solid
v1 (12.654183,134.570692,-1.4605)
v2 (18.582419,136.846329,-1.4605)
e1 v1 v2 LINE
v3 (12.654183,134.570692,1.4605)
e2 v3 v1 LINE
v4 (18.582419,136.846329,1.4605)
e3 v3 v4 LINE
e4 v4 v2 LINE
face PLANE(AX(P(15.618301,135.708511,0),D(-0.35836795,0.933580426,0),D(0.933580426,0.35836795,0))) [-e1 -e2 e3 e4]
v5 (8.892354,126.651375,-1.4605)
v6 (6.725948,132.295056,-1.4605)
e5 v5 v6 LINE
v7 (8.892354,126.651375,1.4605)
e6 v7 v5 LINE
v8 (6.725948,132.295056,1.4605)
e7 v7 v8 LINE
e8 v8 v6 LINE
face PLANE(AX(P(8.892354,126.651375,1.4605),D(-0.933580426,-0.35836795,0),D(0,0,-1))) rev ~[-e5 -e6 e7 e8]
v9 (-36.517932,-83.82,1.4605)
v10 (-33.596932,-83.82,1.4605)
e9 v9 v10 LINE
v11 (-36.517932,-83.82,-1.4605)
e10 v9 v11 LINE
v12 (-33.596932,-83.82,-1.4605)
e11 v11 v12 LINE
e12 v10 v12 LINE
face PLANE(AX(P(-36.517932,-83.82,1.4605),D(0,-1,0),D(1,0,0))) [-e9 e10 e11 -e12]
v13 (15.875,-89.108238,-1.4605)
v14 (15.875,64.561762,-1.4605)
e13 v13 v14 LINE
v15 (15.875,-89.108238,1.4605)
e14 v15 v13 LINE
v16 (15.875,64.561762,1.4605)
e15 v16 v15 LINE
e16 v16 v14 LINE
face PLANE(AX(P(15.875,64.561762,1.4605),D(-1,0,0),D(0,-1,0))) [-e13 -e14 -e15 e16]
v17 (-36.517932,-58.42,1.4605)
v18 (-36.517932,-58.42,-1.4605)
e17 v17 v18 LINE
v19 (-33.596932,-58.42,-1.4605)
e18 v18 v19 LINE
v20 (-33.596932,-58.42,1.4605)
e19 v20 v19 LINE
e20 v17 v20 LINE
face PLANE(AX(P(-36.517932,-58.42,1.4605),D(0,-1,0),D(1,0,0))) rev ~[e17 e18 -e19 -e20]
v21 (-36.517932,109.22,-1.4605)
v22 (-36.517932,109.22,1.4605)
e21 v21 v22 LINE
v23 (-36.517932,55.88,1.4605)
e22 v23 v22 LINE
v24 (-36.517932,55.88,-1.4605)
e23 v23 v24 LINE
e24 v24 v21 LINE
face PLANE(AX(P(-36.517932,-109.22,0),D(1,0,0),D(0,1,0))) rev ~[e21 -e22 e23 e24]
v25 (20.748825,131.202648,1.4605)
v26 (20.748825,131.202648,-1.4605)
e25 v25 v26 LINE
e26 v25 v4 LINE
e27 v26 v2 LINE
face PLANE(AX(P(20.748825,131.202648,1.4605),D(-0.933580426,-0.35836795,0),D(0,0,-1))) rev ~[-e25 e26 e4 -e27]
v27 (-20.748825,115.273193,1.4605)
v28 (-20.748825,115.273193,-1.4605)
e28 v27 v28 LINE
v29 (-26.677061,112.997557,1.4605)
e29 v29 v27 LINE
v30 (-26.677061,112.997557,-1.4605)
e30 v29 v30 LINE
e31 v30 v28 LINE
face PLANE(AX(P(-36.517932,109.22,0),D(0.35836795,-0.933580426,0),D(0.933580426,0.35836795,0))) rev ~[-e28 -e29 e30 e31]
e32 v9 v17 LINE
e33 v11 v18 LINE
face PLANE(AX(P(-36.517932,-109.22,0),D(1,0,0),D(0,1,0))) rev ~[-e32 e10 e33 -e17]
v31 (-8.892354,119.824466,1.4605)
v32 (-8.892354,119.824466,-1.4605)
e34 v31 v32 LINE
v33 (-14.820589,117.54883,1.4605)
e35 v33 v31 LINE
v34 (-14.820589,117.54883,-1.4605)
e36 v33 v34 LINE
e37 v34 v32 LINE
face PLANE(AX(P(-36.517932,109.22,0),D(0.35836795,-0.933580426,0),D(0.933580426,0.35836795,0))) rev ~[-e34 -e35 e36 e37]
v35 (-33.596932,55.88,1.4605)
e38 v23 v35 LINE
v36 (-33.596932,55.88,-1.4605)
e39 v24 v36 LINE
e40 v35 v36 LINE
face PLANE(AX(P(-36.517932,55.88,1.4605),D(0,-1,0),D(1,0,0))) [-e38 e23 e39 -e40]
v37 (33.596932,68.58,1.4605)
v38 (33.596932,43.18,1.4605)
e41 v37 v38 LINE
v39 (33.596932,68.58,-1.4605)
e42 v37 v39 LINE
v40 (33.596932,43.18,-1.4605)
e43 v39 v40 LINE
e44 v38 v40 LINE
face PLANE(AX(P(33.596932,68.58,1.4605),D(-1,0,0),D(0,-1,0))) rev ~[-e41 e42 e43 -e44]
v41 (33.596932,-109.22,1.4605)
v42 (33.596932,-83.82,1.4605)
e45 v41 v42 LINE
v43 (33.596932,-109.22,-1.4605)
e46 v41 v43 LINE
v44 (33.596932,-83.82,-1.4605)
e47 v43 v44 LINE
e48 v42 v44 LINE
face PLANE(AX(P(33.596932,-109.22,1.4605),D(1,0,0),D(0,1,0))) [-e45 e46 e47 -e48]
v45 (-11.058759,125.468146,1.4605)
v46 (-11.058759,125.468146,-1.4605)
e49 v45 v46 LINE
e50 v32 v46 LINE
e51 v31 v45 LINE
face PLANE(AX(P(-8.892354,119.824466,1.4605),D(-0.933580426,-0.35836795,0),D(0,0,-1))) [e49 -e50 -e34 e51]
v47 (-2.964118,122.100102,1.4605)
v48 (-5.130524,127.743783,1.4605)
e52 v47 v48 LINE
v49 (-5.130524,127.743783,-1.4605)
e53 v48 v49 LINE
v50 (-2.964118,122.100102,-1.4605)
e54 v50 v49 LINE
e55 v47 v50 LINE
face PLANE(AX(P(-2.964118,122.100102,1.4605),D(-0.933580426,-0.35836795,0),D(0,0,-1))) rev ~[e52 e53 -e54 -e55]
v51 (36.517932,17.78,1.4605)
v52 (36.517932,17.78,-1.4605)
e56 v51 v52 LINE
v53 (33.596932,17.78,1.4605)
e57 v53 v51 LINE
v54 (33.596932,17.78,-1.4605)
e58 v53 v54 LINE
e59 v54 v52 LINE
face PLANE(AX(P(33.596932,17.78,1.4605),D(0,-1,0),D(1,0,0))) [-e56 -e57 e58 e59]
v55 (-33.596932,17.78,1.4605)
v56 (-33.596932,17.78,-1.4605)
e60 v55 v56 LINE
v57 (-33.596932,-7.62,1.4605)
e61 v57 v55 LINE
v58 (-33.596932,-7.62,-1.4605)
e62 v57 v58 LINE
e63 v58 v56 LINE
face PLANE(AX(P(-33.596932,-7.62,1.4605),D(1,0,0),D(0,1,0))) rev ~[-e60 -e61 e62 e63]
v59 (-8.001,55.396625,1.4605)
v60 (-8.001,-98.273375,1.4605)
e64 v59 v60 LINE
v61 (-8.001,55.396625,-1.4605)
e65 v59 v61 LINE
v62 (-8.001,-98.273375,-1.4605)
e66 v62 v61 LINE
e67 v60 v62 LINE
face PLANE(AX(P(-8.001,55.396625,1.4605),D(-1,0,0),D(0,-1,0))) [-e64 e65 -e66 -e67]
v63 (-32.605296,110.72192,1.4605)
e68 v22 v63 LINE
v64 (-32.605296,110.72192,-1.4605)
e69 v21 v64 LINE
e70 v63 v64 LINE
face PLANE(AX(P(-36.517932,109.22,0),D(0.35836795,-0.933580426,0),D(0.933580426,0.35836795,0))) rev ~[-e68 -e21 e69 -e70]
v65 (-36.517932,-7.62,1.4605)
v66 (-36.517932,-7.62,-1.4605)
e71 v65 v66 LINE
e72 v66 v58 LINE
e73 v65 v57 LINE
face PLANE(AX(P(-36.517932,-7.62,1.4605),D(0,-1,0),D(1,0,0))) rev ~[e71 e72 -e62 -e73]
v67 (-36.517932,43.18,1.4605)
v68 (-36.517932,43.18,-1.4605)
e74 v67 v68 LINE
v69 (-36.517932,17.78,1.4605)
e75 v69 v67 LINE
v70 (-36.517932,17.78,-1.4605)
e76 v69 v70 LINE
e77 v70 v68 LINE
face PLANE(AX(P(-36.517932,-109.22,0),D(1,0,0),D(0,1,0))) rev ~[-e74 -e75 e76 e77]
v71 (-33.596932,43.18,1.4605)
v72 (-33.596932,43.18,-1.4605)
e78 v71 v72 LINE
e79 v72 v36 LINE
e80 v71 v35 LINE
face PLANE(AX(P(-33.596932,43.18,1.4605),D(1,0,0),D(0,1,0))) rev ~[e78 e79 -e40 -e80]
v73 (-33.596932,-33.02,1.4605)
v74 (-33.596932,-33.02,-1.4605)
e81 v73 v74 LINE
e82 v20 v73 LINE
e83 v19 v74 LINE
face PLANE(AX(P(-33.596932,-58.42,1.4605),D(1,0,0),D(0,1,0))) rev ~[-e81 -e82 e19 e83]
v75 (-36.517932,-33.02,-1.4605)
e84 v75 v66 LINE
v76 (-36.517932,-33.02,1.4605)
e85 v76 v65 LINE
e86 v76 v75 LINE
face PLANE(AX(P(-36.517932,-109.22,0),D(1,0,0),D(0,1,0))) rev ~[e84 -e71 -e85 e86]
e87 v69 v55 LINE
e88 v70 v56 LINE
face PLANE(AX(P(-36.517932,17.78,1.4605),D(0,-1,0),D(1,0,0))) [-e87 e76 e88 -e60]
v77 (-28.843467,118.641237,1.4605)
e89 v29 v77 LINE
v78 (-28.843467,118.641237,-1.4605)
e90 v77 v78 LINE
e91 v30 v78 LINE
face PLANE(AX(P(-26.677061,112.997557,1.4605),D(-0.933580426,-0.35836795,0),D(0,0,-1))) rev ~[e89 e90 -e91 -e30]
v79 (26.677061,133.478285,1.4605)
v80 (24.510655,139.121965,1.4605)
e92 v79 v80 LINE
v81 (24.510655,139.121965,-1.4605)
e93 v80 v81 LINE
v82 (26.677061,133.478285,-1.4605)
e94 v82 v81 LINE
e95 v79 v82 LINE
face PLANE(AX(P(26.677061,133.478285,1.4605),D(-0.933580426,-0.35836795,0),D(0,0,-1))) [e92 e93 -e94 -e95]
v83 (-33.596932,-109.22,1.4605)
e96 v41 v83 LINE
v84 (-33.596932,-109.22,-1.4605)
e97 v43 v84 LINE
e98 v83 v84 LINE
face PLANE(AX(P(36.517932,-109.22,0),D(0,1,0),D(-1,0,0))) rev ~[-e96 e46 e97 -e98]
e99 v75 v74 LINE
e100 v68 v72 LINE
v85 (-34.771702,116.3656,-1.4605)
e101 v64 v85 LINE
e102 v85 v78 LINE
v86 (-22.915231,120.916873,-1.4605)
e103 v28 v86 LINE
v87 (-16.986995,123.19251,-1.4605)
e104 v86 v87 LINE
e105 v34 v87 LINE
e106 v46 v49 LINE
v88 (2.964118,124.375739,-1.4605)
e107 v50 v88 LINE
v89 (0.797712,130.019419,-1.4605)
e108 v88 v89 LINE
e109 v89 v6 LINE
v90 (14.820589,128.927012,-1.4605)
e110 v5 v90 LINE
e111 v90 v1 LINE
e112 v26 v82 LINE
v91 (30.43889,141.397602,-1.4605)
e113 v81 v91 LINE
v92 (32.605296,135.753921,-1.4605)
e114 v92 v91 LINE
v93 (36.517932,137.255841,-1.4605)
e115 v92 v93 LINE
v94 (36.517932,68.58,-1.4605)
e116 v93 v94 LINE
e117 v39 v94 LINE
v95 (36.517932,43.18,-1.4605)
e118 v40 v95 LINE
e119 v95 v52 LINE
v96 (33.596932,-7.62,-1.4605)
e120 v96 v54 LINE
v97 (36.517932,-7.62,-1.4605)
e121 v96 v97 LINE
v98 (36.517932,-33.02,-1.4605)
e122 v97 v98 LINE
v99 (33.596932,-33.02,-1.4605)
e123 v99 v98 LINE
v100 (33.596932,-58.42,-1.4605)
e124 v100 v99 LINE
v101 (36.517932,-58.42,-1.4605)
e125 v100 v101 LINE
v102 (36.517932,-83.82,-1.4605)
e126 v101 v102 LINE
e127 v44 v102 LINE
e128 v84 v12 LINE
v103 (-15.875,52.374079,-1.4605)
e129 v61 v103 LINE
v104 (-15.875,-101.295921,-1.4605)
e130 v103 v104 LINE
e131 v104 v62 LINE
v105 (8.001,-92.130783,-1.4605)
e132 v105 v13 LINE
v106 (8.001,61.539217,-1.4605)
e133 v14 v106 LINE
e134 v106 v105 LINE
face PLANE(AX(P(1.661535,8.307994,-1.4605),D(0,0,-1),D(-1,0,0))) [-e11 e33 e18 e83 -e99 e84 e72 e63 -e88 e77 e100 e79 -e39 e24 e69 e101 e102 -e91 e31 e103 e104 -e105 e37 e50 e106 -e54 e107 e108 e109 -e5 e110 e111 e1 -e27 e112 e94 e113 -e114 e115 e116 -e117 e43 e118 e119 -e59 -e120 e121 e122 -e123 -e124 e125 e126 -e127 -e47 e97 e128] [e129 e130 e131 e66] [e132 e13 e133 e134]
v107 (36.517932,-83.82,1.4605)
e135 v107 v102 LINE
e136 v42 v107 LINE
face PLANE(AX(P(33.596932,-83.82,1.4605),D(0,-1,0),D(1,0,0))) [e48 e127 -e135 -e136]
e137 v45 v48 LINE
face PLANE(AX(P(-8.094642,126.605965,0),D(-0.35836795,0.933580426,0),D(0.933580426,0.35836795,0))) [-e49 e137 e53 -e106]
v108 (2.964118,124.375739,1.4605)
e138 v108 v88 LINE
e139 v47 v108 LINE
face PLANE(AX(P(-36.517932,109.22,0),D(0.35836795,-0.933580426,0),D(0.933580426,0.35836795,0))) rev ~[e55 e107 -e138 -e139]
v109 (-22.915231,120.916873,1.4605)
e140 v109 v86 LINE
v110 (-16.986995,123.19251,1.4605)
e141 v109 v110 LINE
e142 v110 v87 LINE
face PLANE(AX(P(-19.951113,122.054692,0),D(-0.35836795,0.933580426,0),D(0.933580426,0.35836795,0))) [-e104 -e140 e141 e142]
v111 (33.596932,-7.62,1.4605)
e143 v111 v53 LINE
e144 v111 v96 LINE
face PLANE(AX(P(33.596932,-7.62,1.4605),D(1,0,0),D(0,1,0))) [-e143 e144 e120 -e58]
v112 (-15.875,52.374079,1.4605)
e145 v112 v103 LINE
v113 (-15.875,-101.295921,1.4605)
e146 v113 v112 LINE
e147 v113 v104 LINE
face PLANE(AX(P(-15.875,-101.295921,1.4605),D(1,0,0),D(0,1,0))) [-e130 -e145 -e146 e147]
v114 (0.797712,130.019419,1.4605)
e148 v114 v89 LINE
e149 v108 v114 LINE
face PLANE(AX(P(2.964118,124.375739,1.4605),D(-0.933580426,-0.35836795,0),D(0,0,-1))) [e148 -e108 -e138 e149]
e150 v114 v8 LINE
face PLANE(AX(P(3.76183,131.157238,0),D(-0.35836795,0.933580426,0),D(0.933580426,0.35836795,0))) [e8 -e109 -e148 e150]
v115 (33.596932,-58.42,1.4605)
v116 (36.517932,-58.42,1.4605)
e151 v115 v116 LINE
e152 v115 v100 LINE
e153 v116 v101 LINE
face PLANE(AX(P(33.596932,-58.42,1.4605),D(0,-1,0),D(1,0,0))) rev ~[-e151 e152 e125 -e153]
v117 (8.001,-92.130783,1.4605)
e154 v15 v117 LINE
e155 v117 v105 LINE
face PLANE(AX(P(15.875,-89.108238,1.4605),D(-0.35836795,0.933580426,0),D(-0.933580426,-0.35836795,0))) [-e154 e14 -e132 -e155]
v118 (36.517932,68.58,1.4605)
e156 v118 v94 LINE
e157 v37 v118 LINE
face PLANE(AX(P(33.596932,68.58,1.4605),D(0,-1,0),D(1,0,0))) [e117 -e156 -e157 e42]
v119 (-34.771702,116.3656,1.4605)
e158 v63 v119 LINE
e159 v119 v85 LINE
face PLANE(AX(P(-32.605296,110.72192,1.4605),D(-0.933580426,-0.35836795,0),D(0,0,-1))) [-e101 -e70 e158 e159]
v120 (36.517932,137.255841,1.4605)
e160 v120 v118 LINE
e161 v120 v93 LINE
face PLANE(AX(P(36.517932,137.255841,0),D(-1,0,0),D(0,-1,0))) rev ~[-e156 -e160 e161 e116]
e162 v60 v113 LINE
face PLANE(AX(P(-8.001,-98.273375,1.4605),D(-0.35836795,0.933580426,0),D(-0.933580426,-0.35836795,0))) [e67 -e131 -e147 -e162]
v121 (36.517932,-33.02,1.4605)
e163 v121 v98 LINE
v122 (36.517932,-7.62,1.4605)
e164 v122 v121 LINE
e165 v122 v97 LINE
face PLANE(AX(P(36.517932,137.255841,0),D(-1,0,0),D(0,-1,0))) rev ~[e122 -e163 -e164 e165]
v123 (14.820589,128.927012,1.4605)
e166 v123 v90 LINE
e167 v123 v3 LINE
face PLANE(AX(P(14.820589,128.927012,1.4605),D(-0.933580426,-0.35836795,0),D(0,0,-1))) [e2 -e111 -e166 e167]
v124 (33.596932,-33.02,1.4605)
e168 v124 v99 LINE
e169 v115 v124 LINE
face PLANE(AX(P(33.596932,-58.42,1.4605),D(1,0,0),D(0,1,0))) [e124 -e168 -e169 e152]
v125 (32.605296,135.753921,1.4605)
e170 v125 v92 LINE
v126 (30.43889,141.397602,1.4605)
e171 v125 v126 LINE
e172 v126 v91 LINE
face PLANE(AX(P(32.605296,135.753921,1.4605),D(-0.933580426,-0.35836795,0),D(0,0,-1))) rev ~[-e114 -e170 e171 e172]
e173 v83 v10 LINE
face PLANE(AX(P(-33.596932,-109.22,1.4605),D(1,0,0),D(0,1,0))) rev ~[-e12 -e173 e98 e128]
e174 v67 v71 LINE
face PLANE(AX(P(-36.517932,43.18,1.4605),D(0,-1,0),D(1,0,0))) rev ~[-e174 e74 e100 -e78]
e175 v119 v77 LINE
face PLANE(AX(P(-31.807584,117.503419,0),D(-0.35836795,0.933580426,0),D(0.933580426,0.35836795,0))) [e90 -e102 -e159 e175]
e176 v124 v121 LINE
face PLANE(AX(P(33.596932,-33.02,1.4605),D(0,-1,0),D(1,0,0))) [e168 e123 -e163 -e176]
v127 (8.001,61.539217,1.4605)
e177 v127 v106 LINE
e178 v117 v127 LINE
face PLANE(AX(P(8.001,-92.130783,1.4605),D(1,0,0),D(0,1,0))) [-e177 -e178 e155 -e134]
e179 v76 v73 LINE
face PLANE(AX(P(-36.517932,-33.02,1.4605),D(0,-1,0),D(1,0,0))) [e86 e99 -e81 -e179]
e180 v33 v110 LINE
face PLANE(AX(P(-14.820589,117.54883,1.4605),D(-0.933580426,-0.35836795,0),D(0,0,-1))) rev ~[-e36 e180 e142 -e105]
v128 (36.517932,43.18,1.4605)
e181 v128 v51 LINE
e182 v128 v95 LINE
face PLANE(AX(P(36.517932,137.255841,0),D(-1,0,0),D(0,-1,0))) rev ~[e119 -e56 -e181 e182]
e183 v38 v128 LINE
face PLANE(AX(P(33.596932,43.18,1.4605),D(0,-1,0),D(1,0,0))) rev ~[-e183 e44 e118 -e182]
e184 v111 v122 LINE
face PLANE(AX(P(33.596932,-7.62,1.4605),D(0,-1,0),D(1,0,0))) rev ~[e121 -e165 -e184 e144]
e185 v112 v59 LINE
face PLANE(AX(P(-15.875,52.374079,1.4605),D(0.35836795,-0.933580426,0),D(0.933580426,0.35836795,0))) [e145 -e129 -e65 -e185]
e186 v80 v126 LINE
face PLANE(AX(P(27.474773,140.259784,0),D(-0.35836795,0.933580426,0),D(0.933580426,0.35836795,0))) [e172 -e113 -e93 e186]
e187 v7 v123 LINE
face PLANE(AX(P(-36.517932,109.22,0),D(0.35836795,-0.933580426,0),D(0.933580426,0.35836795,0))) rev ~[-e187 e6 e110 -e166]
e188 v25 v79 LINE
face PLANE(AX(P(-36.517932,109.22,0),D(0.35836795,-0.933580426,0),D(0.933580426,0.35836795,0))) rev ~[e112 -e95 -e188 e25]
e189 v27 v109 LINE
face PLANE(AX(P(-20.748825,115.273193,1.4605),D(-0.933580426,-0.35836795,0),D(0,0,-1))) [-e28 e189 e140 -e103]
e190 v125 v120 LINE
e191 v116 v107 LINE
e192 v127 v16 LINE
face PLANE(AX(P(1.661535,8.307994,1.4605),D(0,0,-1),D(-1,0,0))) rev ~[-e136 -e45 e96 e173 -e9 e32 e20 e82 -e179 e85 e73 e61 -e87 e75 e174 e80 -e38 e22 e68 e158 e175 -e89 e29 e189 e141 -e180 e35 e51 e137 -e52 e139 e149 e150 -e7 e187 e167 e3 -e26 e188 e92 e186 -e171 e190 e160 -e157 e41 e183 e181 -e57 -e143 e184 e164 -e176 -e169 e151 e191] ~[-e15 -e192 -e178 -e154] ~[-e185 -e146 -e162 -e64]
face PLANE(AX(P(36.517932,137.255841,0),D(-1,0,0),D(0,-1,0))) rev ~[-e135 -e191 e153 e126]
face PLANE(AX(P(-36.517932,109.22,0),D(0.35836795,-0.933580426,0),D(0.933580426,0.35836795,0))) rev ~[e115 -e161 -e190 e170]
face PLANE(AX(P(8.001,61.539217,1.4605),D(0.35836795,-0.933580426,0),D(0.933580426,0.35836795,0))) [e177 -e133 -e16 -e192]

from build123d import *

# Parameters (mm, degrees)
BOSS_EXTRUDE1_DEPTH = 1.4605
SKETCH2_W           = 2.921
SKETCH2_H           = 25.4
SKETCH2_H_2         = 12.7
CUT_EXTRUDE1_DEPTH  = 2.921
SKETCH3_W           = 6.35
SKETCH3_H           = 2.921
BOSS_EXTRUDE2_DEPTH = 6.0452
CUT_EXTRUDE2_DEPTH  = 147.066332108


with BuildPart() as part:
    # Sketch1 → Boss-Extrude1 (new, symmetric)
    with BuildSketch(Plane.XY):
        Polygon((-36.517931963, 109.22), (36.517931963, 137.255841429), (36.517931963, -109.22), (-36.517931963, -109.22), align=None)
    extrude(amount=BOSS_EXTRUDE1_DEPTH, both=True)

    # Sketch2 → Cut-Extrude1 (cut)
    with BuildSketch(Plane.XY.offset(1.4605)):
        with Locations((-35.057431963, -96.52)):
            Rectangle(SKETCH2_W, SKETCH2_H)
        with Locations((-35.057431963, -45.72)):
            Rectangle(SKETCH2_W, SKETCH2_H)
        with Locations((-35.057431963, 5.08)):
            Rectangle(SKETCH2_W, SKETCH2_H)
        with Locations((-35.057431963, 49.53)):
            Rectangle(SKETCH2_W, SKETCH2_H_2)
        with Locations((35.057431963, 49.53)):
            Rectangle(SKETCH2_W, SKETCH2_H_2)
        with Locations((35.057431963, 5.08)):
            Rectangle(SKETCH2_W, SKETCH2_H)
        with Locations((35.057431963, -96.52)):
            Rectangle(SKETCH2_W, SKETCH2_H)
        with Locations((35.057431963, -45.72)):
            Rectangle(SKETCH2_W, SKETCH2_H)
        with Locations((35.057431963, 62.23)):
            Rectangle(SKETCH2_W, SKETCH2_H_2)
    extrude(amount=-CUT_EXTRUDE1_DEPTH, mode=Mode.SUBTRACT)

    # Sketch3 → Boss-Extrude2 (add)
    with BuildSketch(Plane(origin=(-41.231132307, 107.410771898, 0), x_dir=(0.9335804264972012, 0.35836794954530177, 0), z_dir=(-0.35836794954530177, 0.9335804264972012, 0))):
        with Locations((75.914520953, 0)):
            Rectangle(SKETCH3_W, SKETCH3_H)
        with Locations((63.214520953, 0)):
            Rectangle(SKETCH3_W, SKETCH3_H)
        with Locations((50.514520953, 0)):
            Rectangle(SKETCH3_W, SKETCH3_H)
        with Locations((37.814520953, 0)):
            Rectangle(SKETCH3_W, SKETCH3_H)
        with Locations((25.114520953, 0)):
            Rectangle(SKETCH3_W, SKETCH3_H)
        with Locations((12.414520953, 0)):
            Rectangle(SKETCH3_W, SKETCH3_H)
    extrude(amount=BOSS_EXTRUDE2_DEPTH)

    # Sketch5 → Cut-Extrude2 (cut, through all)
    with BuildSketch(Plane.XY.offset(1.4605)):
        Polygon((-15.875, 52.374079158), (-8.001, 55.39662457), (-8.001, -98.27337543), (-15.875, -101.295920842), align=None)
        Polygon((8.001, 61.539216859), (15.875, 64.561762271), (15.875, -89.108237729), (8.001, -92.130783141), align=None)
    extrude(amount=-CUT_EXTRUDE2_DEPTH, mode=Mode.SUBTRACT)


solid = part.part
